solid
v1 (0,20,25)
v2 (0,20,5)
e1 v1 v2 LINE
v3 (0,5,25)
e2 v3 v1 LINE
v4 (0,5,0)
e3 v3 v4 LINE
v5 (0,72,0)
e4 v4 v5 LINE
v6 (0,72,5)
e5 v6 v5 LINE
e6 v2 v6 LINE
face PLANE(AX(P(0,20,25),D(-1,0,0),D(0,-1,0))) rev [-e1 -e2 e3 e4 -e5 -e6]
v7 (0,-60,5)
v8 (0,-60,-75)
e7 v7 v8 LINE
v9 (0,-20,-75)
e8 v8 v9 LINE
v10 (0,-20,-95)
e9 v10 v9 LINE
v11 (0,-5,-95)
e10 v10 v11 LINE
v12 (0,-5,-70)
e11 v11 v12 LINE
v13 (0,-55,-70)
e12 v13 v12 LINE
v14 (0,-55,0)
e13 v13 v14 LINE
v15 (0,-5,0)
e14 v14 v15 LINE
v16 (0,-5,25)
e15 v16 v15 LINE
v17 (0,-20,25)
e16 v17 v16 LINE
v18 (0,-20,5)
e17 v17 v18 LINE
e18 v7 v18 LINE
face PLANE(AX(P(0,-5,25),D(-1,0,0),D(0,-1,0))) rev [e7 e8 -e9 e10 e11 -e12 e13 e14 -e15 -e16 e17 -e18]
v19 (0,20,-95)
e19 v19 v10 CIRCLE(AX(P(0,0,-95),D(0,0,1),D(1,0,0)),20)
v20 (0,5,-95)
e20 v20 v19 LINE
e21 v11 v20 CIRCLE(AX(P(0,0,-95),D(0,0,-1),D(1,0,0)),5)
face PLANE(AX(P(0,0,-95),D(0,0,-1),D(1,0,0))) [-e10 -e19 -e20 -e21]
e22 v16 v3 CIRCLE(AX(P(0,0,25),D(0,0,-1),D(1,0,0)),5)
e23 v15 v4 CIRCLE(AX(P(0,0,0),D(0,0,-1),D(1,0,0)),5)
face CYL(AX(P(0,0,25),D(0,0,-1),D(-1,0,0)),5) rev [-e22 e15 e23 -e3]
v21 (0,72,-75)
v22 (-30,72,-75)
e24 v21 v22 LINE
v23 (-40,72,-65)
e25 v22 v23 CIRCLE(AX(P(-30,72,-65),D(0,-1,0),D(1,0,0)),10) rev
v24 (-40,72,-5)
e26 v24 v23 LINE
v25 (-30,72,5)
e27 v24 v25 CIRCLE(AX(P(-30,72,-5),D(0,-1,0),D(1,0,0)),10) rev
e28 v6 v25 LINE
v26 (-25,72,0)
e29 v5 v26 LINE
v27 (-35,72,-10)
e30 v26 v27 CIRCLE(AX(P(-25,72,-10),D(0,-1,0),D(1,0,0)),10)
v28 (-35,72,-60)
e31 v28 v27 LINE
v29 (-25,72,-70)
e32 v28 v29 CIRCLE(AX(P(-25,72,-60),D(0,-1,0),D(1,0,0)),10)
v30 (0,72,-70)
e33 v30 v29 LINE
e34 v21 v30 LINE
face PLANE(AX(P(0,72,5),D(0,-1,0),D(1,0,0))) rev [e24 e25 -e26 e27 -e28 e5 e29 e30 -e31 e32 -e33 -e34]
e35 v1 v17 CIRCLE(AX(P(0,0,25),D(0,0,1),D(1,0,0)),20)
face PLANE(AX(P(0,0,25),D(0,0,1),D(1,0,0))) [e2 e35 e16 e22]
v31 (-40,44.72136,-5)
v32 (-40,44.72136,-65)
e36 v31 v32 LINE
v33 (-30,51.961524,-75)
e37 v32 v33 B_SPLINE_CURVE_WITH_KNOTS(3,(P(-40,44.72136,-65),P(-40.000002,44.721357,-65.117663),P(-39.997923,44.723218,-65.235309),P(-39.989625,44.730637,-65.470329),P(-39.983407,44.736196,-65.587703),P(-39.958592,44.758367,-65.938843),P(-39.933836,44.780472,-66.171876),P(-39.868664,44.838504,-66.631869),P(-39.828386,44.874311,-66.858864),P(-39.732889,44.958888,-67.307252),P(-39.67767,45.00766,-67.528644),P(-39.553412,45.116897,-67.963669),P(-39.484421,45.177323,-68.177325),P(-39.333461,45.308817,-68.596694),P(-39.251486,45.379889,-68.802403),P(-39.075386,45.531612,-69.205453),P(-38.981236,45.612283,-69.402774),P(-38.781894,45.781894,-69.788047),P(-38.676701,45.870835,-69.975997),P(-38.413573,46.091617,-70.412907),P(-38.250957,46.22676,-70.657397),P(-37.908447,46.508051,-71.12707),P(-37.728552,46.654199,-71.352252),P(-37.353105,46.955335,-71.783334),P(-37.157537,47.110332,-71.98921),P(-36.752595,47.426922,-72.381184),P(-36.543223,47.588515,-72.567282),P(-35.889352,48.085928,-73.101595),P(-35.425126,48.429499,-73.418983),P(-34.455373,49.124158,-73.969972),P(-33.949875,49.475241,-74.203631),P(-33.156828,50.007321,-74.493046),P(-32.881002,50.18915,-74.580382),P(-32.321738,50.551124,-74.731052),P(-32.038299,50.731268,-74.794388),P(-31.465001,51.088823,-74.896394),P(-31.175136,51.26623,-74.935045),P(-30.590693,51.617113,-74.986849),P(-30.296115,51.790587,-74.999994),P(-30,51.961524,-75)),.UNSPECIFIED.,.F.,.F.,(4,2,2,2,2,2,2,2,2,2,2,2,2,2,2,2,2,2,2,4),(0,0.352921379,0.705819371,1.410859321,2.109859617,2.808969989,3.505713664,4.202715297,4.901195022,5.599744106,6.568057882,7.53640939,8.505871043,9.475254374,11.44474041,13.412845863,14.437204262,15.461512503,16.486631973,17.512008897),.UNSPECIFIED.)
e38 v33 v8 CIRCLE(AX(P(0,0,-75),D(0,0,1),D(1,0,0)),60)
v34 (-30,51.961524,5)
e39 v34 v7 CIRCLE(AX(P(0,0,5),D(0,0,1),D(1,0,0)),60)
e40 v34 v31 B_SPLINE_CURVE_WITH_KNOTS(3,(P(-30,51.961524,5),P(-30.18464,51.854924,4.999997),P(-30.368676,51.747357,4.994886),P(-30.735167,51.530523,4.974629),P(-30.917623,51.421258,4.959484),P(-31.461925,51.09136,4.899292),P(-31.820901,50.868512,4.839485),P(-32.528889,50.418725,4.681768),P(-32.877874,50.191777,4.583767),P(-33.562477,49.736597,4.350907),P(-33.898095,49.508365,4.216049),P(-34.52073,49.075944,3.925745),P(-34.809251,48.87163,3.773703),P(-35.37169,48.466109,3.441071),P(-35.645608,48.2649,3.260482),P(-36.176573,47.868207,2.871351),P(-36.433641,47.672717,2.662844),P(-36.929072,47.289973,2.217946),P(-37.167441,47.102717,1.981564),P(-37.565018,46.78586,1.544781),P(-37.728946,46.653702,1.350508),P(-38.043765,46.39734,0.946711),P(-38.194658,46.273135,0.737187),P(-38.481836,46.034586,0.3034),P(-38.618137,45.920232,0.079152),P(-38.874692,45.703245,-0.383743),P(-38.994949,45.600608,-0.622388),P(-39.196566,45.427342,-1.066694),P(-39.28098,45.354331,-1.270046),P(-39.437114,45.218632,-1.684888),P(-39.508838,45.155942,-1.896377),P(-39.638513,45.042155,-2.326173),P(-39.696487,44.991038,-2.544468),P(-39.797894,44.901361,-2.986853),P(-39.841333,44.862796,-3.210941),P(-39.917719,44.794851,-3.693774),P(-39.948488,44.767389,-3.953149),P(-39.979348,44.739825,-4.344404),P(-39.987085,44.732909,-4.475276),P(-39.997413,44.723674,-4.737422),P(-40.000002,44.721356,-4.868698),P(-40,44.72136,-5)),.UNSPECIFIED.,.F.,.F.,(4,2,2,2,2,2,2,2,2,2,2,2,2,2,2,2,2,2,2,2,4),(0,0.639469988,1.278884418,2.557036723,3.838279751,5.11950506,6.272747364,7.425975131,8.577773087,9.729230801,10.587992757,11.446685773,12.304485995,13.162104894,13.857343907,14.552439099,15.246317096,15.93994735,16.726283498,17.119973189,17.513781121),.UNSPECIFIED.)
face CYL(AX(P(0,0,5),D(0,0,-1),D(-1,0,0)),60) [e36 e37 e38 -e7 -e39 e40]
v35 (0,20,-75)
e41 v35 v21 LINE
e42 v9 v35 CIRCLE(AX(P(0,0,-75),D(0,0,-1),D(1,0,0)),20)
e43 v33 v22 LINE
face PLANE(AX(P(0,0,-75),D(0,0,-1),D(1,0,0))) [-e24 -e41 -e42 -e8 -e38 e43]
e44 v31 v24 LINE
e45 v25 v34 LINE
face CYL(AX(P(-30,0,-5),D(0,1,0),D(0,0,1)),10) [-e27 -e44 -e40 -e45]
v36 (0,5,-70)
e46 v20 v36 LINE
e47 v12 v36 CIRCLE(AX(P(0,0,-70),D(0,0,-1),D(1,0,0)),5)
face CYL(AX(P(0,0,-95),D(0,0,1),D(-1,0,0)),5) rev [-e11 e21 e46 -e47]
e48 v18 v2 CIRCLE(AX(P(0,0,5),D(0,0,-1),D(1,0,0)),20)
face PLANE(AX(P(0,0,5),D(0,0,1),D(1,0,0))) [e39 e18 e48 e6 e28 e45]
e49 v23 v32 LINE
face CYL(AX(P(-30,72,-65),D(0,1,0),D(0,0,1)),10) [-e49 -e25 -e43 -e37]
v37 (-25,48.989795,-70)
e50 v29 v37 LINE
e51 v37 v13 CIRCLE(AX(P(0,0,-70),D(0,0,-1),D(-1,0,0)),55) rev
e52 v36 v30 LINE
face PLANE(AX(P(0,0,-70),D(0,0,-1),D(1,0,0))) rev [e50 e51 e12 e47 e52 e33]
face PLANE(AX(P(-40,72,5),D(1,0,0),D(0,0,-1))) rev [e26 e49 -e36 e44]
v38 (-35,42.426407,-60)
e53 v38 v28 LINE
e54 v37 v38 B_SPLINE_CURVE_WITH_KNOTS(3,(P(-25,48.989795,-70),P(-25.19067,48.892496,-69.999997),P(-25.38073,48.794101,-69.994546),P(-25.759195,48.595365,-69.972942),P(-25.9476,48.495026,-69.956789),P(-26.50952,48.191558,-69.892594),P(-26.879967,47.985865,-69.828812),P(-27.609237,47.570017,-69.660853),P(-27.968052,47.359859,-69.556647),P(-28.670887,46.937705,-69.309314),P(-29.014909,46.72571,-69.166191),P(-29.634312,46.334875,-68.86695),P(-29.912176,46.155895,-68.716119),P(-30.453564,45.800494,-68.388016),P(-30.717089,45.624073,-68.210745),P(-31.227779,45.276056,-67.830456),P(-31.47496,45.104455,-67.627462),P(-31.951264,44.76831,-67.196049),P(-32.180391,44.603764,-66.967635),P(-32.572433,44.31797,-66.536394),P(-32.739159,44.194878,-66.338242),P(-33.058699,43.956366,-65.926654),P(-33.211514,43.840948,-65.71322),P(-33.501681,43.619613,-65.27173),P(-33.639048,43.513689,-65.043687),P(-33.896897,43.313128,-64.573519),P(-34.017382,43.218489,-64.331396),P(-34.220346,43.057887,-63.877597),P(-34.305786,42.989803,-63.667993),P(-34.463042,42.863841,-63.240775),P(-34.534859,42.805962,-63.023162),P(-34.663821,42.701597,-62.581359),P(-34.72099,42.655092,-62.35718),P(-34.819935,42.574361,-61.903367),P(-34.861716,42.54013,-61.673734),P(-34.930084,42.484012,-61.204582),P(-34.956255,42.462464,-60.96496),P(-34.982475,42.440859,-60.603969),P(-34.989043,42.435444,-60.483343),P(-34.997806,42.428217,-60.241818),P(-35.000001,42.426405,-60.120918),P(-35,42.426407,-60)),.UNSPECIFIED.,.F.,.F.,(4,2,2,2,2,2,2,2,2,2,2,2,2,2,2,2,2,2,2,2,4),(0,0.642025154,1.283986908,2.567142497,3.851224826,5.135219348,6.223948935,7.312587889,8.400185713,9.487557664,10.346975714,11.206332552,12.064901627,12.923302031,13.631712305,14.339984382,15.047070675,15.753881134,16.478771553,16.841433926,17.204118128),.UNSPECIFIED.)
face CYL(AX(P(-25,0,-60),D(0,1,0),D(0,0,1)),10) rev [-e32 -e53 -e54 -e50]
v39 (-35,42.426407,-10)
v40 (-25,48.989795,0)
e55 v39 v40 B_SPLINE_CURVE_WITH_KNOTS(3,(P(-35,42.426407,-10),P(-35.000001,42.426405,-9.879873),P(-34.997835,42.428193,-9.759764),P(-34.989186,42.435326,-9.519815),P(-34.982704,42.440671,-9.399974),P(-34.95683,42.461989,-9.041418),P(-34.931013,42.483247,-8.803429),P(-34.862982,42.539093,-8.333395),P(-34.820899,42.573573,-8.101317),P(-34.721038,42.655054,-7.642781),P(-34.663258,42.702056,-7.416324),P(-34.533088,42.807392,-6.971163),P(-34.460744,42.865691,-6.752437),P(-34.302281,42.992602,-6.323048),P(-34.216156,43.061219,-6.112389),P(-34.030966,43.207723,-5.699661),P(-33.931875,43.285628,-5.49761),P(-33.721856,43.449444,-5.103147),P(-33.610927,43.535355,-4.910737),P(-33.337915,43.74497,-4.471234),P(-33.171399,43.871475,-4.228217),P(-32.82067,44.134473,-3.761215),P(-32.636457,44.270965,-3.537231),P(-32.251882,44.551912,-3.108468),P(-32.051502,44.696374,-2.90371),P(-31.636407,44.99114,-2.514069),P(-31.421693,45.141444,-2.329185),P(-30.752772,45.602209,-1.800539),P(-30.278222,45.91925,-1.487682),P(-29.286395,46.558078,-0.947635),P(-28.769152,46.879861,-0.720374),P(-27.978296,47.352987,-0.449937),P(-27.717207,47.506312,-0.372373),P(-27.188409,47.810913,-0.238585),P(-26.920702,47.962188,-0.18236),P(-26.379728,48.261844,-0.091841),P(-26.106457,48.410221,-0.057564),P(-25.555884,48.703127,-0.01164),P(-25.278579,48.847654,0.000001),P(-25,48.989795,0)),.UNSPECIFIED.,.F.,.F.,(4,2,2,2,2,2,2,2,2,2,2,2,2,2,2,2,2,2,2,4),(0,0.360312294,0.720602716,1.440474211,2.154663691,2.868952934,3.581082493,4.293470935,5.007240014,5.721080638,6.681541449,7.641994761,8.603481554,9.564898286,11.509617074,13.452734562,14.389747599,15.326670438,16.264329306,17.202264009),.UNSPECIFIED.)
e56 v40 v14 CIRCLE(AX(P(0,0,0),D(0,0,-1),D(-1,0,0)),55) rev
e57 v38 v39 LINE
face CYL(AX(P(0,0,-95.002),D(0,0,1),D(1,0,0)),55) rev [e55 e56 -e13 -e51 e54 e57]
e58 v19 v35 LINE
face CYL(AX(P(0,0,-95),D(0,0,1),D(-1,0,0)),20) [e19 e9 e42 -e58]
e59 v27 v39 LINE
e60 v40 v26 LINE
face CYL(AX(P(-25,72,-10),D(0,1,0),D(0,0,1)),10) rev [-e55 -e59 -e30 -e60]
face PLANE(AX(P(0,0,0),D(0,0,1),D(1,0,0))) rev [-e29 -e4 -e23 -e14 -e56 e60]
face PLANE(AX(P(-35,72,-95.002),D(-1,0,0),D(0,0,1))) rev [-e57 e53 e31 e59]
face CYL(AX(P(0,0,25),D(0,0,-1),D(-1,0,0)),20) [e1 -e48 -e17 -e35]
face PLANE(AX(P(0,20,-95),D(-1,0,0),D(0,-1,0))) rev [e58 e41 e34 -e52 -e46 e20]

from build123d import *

# Parameters (mm, degrees)
DODANIE_WYCI_GNI_CIE1_DEPTH       = 25
DODANIE_WYCI_GNI_CIE2_DEPTH       = 5
WYCI_GNI_CIE_CIENKA_CIANKA1_DEPTH = 70
ZAOKR_GLENIE2_R                   = 10


with BuildPart() as part:
    # Szkic1 → Dodanie-wyciągnięcie1 (new body)
    with BuildSketch(Plane.XY):
        with BuildLine():
            Line((0, -5), (0, -20))
            ThreePointArc((0, -20), (-20, 0), (0, 20))
            Line((0, 20), (0, 5))
            ThreePointArc((0, 5), (-5, 0), (0, -5))
        make_face()
    extrude(amount=DODANIE_WYCI_GNI_CIE1_DEPTH)

    # Szkic2 → Dodanie-wyciągnięcie2 (add)
    with BuildSketch(Plane.XY):
        with BuildLine():
            Line((0, 20), (0, 72))
            Line((0, 72), (-40, 72))
            Line((-40, 72), (-40, 44.72135955))
            ThreePointArc((-40, 44.72135955), (-56.050341538, -21.409325386), (0, -60))
            Line((0, -60), (0, -20))
            ThreePointArc((0, -20), (-20, 0), (0, 20))
        make_face()
    extrude(amount=DODANIE_WYCI_GNI_CIE2_DEPTH)


with BuildPart() as body_2:
    # Lustro3: mirrored copy
    add(part.part.mirror(Plane(origin=(0, 0, -35), x_dir=(1, 0, 0), z_dir=(0, 0, -1))))


with BuildPart() as part_1:
    add(part.part)

    add(body_2.part)  # Wyciągnięcie-cienka ścianka1 merges body 2
    # Szkic5 → Wyciągnięcie-cienka ścianka1 (add)
    with BuildSketch(Plane(origin=(0, 0, 0), x_dir=(-1, 0, 0), z_dir=(0, 0, -1))):
        with BuildLine():
            Line((40, 72), (40, 44.72135955))
            ThreePointArc((40, 44.72135955), (56.050341538, -21.409325386), (0, -60))
            Line((0, -60), (0, -55))
            ThreePointArc((0, -55), (51.76124215, -18.594994247), (35, 42.426406871))
            Line((35, 42.426406871), (35, 72))
            Line((35, 72), (40, 72))
        make_face()
    extrude(amount=WYCI_GNI_CIE_CIENKA_CIANKA1_DEPTH)

    # Zaokrąglenie2
    zaokr_glenie2_edges = [part_1.edges().sort_by_distance(p)[0] for p in [
        (-40, 58.360679775, 5),
        (-35, 57.213203436, -70),
        (-35, 57.213203436, 0),
        (-40, 58.360679775, -75),
    ]]
    fillet(zaokr_glenie2_edges, radius=ZAOKR_GLENIE2_R)


solid = part_1.part
